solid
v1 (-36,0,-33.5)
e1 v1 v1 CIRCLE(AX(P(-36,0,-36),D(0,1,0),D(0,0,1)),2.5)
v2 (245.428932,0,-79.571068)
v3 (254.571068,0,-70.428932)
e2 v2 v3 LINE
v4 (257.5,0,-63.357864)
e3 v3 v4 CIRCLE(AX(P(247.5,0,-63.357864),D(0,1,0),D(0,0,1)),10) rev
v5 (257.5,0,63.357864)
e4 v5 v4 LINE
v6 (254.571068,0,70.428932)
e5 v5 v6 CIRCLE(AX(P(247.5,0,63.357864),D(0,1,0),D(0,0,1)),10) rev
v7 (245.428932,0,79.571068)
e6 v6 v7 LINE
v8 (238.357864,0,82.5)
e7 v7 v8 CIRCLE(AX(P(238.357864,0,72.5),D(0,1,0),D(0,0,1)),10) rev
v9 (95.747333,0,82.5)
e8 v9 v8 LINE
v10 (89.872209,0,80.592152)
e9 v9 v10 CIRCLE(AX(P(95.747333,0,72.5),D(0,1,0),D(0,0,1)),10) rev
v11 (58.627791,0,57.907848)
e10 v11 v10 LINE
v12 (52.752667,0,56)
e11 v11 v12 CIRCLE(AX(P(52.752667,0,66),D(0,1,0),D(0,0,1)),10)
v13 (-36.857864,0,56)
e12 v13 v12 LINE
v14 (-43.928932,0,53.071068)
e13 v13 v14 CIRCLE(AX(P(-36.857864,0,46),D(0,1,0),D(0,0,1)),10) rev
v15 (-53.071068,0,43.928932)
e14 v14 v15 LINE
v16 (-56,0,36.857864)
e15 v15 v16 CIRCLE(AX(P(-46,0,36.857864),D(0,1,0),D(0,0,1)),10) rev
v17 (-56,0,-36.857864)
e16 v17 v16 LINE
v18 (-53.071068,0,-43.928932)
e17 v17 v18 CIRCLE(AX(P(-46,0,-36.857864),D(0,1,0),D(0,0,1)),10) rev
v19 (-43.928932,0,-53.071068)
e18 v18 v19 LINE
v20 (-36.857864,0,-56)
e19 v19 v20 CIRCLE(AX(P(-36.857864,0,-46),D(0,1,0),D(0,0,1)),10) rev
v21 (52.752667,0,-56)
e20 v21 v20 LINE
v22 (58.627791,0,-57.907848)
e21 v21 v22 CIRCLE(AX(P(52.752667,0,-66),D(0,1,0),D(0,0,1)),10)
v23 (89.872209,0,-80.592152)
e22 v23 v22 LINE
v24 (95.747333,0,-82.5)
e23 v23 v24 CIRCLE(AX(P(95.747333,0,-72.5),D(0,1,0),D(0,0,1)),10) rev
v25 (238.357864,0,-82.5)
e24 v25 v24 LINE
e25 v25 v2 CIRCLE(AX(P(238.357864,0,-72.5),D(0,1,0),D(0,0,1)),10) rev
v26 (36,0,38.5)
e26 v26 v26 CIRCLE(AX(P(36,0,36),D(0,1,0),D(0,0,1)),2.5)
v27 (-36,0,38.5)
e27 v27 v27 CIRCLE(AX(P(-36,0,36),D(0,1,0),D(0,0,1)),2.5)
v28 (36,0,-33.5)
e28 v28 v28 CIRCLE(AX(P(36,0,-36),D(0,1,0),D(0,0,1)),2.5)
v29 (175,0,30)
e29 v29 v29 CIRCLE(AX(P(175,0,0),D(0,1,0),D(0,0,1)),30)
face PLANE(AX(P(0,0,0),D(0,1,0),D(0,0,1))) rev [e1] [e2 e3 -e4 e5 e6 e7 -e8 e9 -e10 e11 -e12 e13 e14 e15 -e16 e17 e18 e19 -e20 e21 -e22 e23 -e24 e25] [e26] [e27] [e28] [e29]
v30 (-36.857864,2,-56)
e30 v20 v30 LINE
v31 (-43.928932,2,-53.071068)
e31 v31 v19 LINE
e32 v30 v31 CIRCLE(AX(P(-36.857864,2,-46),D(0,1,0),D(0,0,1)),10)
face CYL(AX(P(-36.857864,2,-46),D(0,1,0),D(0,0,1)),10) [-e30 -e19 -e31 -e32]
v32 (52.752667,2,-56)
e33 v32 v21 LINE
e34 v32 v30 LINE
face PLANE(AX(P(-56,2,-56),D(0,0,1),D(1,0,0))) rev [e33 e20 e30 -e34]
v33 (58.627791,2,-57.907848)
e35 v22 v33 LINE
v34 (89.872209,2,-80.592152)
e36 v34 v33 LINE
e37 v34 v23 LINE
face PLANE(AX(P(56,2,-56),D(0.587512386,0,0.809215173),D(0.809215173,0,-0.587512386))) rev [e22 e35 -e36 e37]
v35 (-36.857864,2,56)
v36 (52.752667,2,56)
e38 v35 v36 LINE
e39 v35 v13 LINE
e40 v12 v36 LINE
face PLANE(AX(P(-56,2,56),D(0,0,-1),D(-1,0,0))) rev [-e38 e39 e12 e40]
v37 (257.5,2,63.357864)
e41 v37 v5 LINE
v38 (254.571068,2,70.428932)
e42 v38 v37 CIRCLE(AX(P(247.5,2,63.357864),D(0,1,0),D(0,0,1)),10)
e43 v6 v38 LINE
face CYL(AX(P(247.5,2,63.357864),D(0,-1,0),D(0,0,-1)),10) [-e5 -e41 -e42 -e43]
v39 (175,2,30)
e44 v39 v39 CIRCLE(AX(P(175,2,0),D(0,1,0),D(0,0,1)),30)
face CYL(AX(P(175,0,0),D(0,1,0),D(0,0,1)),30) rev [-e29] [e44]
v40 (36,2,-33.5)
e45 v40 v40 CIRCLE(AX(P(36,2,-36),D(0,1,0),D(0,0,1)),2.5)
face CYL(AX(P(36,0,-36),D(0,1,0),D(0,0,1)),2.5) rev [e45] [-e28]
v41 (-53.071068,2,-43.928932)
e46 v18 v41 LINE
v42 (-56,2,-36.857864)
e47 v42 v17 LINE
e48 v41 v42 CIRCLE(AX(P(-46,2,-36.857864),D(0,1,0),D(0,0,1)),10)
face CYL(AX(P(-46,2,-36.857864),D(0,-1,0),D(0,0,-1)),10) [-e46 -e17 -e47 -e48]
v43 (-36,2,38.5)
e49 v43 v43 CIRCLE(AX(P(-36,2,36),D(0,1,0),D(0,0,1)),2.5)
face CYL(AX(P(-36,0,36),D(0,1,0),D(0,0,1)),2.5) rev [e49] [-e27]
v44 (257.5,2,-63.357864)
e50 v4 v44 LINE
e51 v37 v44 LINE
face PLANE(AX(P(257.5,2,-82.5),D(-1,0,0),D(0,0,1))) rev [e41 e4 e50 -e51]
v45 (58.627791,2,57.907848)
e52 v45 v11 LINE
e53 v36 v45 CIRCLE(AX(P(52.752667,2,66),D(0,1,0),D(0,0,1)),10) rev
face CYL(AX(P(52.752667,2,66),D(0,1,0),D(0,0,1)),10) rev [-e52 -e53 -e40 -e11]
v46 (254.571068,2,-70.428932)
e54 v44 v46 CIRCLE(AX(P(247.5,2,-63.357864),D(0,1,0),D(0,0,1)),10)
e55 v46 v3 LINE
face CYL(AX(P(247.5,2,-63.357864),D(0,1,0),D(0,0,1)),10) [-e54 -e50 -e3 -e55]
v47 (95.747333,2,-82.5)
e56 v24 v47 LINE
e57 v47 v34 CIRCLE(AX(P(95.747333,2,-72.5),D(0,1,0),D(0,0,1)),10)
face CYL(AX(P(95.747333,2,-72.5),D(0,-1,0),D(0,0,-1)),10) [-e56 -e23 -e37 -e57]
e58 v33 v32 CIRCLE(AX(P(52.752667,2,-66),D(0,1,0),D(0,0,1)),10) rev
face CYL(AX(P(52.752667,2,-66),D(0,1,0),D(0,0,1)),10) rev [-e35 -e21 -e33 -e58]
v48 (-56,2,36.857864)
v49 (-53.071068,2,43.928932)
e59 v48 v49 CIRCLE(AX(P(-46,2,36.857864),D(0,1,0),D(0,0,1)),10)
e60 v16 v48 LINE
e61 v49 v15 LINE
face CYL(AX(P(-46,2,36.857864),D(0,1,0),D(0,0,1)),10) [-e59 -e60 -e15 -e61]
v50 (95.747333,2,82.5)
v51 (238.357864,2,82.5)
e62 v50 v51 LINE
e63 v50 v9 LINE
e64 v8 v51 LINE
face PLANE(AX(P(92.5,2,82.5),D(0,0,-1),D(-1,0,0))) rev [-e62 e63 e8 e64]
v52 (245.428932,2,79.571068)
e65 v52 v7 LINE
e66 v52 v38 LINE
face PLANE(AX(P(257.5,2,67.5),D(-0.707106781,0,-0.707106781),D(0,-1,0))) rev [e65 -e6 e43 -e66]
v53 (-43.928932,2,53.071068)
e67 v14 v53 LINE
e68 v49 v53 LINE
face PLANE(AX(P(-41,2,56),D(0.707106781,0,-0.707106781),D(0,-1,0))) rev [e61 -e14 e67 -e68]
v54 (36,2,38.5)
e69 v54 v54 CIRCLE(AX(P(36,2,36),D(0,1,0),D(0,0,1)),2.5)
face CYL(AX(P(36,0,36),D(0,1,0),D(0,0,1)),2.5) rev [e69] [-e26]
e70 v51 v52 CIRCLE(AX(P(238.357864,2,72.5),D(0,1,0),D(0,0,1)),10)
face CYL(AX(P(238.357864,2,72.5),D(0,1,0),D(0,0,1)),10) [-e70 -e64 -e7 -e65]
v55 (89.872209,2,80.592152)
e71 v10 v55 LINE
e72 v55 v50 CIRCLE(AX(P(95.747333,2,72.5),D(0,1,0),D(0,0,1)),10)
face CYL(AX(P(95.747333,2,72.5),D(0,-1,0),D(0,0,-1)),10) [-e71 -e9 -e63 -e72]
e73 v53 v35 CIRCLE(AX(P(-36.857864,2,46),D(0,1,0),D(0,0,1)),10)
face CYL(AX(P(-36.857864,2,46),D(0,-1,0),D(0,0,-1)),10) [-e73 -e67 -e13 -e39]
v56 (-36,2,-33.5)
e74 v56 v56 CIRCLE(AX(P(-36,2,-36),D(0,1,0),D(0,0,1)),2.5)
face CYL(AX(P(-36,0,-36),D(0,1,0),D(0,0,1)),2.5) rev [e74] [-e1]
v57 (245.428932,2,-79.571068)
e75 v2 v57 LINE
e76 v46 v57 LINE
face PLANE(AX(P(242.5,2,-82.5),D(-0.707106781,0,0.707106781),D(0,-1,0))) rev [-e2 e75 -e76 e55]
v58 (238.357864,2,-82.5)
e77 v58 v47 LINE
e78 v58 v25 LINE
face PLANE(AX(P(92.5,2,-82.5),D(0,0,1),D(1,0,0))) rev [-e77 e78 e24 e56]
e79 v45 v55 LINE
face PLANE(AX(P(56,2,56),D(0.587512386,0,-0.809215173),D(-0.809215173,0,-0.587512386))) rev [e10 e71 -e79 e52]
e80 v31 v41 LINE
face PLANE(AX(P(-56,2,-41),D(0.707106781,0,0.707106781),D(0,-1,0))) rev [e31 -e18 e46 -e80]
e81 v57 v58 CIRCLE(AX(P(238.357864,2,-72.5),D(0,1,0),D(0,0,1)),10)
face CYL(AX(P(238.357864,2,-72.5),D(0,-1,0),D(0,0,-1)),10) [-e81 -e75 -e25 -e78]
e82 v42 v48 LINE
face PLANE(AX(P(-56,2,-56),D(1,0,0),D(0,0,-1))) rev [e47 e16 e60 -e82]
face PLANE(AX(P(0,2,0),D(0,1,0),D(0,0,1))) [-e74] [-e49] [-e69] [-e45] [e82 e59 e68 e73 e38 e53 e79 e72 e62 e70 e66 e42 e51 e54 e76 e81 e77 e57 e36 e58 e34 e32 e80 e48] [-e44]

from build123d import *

# Parameters (mm, degrees)
BOSS_EXTRUDE1_DEPTH = 2
CHAMFER1_SIZE       = 15
FILLET1_R           = 10
SKETCH3_R           = 2.5
SKETCH3_R_2         = 30
CUT_EXTRUDE1_DEPTH  = 271.400628697


with BuildPart() as part:
    # Sketch2 → Boss-Extrude1 (new body)
    with BuildSketch(Plane(origin=(0, 0, 0), x_dir=(1, 0, 0), z_dir=(0, 1, 0))):
        Polygon((56, 56), (92.5, 82.5), (257.5, 82.5), (257.5, -82.5), (92.5, -82.5), (56, -56), (-56, -56), (-56, 56), align=None)
    extrude(amount=BOSS_EXTRUDE1_DEPTH)

    # Chamfer1
    chamfer1_edges = [part.edges().sort_by_distance(p)[0] for p in [
        (257.5, 1, 82.5),
        (-56, 1, 56),
        (-56, 1, -56),
        (257.5, 1, -82.5),
    ]]
    chamfer(chamfer1_edges, length=CHAMFER1_SIZE)

    # Fillet1
    fillet1_edges = [part.edges().sort_by_distance(p)[0] for p in [
        (92.5, 1, 82.5),
        (56, 1, 56),
        (56, 1, -56),
        (92.5, 1, -82.5),
        (-56, 1, 41),
        (-56, 1, -41),
        (-41, 1, -56),
        (-41, 1, 56),
        (242.5, 1, -82.5),
        (257.5, 1, 67.5),
        (257.5, 1, -67.5),
        (242.5, 1, 82.5),
    ]]
    fillet(fillet1_edges, radius=FILLET1_R)

    # Sketch3 → Cut-Extrude1 (cut, through all)
    with BuildSketch(Plane(origin=(0, 2, 0), x_dir=(1, 0, 0), z_dir=(0, 1, 0))):
        with Locations(Location((36, 36, 0), (0, 0, 270))):
            Circle(SKETCH3_R)
        with Locations(Location((-36, 36, 0), (0, 0, 270))):
            Circle(SKETCH3_R)
        with Locations(Location((-36, -36, 0), (0, 0, 270))):
            Circle(SKETCH3_R)
        with Locations(Location((36, -36, 0), (0, 0, 270))):
            Circle(SKETCH3_R)
        with Locations(Location((175, 0, 0), (0, 0, 270))):
            Circle(SKETCH3_R_2)
    extrude(amount=-CUT_EXTRUDE1_DEPTH, mode=Mode.SUBTRACT)


solid = part.part
